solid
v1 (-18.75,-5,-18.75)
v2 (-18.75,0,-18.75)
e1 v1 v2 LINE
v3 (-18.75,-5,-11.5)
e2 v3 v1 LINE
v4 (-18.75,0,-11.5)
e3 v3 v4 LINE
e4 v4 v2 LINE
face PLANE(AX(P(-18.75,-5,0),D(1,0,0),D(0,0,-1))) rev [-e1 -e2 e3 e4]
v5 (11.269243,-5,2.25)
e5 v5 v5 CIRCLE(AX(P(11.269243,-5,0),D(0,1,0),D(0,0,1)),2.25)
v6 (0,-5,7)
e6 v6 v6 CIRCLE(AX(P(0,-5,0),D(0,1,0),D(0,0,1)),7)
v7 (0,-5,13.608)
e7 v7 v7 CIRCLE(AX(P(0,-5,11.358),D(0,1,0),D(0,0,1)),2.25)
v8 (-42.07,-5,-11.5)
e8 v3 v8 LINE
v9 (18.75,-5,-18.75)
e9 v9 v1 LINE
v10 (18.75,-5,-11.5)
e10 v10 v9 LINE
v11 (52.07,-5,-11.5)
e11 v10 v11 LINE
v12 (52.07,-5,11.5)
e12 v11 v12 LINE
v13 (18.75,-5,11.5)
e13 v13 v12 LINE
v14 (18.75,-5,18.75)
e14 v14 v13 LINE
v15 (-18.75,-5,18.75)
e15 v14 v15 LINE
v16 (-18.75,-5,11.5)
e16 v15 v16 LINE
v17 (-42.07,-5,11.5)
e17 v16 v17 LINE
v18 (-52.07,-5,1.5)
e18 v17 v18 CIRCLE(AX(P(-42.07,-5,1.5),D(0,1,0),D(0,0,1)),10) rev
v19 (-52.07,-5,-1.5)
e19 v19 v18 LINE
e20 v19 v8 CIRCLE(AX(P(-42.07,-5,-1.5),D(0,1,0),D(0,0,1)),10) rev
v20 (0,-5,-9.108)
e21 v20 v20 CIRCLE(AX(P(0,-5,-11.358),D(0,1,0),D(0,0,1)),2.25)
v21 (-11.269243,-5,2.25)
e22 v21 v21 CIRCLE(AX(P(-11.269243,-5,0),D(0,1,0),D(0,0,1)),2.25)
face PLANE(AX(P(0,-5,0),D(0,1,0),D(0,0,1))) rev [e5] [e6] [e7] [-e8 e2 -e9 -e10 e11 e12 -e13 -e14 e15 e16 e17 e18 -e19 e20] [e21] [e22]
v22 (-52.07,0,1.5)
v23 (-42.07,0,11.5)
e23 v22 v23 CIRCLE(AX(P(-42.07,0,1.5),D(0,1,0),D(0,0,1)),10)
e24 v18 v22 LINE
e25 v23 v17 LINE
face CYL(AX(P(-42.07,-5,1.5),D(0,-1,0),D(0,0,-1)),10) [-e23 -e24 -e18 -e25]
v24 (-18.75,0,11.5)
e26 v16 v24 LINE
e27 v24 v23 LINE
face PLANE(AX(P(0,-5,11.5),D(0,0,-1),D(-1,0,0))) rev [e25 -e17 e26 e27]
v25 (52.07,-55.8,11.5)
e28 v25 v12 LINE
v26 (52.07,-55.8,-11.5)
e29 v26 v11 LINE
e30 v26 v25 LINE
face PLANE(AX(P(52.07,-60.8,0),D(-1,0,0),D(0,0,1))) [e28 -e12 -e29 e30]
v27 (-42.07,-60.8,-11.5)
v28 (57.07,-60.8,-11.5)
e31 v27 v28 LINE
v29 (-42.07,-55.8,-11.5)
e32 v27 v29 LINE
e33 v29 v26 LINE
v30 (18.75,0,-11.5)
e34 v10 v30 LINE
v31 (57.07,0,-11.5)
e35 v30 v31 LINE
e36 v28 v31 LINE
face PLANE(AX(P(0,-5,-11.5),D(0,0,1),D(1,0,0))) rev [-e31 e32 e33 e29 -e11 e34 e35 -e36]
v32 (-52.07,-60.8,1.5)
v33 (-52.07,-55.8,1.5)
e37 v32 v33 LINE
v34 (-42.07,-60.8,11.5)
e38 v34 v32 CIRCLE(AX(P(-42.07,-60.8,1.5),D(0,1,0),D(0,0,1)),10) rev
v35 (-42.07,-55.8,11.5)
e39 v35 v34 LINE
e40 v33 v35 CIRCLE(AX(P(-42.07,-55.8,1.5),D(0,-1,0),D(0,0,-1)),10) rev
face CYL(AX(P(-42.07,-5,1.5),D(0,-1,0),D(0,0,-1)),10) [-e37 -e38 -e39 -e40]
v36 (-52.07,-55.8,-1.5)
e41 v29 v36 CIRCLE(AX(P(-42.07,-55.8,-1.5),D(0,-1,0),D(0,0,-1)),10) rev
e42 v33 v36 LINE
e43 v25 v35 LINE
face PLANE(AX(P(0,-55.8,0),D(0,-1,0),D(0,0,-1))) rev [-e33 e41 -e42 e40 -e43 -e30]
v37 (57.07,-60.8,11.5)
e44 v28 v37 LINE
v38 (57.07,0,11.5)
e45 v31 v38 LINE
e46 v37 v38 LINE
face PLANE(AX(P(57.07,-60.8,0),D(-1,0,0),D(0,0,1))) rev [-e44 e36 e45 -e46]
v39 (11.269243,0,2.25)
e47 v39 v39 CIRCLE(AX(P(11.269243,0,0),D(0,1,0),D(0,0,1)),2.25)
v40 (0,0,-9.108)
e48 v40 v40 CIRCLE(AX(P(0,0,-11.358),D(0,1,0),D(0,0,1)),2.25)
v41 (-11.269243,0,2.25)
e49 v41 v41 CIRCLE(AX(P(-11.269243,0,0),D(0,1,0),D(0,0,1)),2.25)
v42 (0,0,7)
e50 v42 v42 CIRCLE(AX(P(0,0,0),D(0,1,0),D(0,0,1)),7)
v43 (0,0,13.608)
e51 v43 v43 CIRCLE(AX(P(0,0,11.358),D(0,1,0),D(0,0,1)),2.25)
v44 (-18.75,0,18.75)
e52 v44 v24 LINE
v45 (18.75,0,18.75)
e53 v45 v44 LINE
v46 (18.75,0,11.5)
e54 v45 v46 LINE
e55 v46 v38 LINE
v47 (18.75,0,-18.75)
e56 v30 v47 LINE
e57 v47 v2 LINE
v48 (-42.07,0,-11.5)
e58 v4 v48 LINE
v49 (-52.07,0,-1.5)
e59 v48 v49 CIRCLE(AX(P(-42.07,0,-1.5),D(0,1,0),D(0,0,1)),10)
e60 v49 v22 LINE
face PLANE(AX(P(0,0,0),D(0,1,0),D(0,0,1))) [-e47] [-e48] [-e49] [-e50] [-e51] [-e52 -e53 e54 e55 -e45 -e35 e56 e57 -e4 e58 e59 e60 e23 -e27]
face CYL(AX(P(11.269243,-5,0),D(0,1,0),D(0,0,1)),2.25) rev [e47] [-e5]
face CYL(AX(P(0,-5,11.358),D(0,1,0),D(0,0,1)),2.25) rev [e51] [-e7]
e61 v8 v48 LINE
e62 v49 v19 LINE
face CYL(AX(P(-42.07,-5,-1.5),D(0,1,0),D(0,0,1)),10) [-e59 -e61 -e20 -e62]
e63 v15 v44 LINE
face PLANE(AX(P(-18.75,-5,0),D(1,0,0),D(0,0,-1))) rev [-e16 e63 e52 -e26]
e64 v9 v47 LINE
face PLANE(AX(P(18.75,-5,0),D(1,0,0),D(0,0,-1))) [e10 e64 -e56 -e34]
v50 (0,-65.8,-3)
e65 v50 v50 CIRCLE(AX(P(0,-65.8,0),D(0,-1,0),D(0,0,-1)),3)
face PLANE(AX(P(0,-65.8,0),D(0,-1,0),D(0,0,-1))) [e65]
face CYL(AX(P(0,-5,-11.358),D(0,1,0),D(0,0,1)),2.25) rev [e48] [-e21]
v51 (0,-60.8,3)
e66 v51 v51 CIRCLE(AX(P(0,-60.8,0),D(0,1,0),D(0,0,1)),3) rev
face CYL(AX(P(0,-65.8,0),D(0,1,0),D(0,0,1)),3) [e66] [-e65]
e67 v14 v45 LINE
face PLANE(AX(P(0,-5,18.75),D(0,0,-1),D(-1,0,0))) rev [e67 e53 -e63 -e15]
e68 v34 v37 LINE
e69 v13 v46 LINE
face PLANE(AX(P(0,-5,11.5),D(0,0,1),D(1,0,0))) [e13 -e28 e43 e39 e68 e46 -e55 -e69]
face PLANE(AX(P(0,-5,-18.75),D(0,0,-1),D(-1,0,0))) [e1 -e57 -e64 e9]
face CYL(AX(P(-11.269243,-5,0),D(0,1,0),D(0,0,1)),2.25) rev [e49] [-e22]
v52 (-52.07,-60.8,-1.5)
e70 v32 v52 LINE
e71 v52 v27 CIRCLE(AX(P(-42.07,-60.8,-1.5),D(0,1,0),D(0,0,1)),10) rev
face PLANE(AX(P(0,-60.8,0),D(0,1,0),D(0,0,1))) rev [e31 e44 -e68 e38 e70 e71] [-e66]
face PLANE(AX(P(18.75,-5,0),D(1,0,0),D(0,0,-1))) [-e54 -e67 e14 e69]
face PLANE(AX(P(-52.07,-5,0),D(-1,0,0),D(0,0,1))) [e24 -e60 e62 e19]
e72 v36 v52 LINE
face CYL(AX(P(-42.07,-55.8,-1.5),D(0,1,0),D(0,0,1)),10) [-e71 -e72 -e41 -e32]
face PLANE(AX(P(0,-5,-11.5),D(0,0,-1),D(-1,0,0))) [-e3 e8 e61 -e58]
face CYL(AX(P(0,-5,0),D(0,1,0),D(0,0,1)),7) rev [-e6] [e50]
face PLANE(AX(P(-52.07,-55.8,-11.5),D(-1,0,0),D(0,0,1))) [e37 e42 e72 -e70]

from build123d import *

# Parameters (mm, degrees)
SKETCH1_R           = 2.25
SKETCH1_R_2         = 7
BOSS_EXTRUDE2_DEPTH = 5
SKETCH1_3_W         = 5
SKETCH1_3_H         = 23
BOSS_EXTRUDE3_DEPTH = 60.8
SKETCH3_W           = 109.14
SKETCH3_H           = 23
BOSS_EXTRUDE4_DEPTH = 5
SKETCH4_R           = 3
BOSS_EXTRUDE5_DEPTH = 5
FILLET3_R           = 10


with BuildPart() as part:
    # Sketch1 → Boss-Extrude2 (new body)
    with BuildSketch(Plane(origin=(0, 0, 0), x_dir=(1, 0, 0), z_dir=(0, 1, 0))):
        Polygon((52.07, 11.5), (18.75, 11.5), (18.75, 18.75), (-18.75, 18.75), (-18.75, 11.5), (-52.07, 11.5), (-52.07, -11.5), (-18.75, -11.5), (-18.75, -18.75), (18.75, -18.75), (18.75, -11.5), (52.07, -11.5), align=None)
        with Locations((0, 11.358)):
            Circle(SKETCH1_R, mode=Mode.SUBTRACT)
        with Locations((11.26924292, 0)):
            Circle(SKETCH1_R, mode=Mode.SUBTRACT)
        with Locations((-11.26924292, 0)):
            Circle(SKETCH1_R, mode=Mode.SUBTRACT)
        with Locations((0, -11.358)):
            Circle(SKETCH1_R, mode=Mode.SUBTRACT)
        Circle(SKETCH1_R_2, mode=Mode.SUBTRACT)
    extrude(amount=-BOSS_EXTRUDE2_DEPTH)

    # Sketch1<3> → Boss-Extrude3 (add)
    with BuildSketch(Plane(origin=(0, 0, 0), x_dir=(1, 0, 0), z_dir=(0, 1, 0))):
        with Locations((54.57, 0)):
            Rectangle(SKETCH1_3_W, SKETCH1_3_H)
    extrude(amount=-BOSS_EXTRUDE3_DEPTH)

    # Sketch3 → Boss-Extrude4 (add)
    with BuildSketch(Plane.XZ.offset(60.8)):
        with Locations((2.5, 0)):
            Rectangle(SKETCH3_W, SKETCH3_H)
    extrude(amount=-BOSS_EXTRUDE4_DEPTH)

    # Sketch4 → Boss-Extrude5 (add)
    with BuildSketch(Plane.XZ.offset(60.8)):
        Circle(SKETCH4_R)
    extrude(amount=BOSS_EXTRUDE5_DEPTH)

    # Fillet3
    fillet3_edges = [part.edges().sort_by_distance(p)[0] for p in [
        (-52.07, -58.3, -11.5),
        (-52.07, -58.3, 11.5),
        (-52.07, -2.5, -11.5),
        (-52.07, -2.5, 11.5),
    ]]
    fillet(fillet3_edges, radius=FILLET3_R)


solid = part.part
